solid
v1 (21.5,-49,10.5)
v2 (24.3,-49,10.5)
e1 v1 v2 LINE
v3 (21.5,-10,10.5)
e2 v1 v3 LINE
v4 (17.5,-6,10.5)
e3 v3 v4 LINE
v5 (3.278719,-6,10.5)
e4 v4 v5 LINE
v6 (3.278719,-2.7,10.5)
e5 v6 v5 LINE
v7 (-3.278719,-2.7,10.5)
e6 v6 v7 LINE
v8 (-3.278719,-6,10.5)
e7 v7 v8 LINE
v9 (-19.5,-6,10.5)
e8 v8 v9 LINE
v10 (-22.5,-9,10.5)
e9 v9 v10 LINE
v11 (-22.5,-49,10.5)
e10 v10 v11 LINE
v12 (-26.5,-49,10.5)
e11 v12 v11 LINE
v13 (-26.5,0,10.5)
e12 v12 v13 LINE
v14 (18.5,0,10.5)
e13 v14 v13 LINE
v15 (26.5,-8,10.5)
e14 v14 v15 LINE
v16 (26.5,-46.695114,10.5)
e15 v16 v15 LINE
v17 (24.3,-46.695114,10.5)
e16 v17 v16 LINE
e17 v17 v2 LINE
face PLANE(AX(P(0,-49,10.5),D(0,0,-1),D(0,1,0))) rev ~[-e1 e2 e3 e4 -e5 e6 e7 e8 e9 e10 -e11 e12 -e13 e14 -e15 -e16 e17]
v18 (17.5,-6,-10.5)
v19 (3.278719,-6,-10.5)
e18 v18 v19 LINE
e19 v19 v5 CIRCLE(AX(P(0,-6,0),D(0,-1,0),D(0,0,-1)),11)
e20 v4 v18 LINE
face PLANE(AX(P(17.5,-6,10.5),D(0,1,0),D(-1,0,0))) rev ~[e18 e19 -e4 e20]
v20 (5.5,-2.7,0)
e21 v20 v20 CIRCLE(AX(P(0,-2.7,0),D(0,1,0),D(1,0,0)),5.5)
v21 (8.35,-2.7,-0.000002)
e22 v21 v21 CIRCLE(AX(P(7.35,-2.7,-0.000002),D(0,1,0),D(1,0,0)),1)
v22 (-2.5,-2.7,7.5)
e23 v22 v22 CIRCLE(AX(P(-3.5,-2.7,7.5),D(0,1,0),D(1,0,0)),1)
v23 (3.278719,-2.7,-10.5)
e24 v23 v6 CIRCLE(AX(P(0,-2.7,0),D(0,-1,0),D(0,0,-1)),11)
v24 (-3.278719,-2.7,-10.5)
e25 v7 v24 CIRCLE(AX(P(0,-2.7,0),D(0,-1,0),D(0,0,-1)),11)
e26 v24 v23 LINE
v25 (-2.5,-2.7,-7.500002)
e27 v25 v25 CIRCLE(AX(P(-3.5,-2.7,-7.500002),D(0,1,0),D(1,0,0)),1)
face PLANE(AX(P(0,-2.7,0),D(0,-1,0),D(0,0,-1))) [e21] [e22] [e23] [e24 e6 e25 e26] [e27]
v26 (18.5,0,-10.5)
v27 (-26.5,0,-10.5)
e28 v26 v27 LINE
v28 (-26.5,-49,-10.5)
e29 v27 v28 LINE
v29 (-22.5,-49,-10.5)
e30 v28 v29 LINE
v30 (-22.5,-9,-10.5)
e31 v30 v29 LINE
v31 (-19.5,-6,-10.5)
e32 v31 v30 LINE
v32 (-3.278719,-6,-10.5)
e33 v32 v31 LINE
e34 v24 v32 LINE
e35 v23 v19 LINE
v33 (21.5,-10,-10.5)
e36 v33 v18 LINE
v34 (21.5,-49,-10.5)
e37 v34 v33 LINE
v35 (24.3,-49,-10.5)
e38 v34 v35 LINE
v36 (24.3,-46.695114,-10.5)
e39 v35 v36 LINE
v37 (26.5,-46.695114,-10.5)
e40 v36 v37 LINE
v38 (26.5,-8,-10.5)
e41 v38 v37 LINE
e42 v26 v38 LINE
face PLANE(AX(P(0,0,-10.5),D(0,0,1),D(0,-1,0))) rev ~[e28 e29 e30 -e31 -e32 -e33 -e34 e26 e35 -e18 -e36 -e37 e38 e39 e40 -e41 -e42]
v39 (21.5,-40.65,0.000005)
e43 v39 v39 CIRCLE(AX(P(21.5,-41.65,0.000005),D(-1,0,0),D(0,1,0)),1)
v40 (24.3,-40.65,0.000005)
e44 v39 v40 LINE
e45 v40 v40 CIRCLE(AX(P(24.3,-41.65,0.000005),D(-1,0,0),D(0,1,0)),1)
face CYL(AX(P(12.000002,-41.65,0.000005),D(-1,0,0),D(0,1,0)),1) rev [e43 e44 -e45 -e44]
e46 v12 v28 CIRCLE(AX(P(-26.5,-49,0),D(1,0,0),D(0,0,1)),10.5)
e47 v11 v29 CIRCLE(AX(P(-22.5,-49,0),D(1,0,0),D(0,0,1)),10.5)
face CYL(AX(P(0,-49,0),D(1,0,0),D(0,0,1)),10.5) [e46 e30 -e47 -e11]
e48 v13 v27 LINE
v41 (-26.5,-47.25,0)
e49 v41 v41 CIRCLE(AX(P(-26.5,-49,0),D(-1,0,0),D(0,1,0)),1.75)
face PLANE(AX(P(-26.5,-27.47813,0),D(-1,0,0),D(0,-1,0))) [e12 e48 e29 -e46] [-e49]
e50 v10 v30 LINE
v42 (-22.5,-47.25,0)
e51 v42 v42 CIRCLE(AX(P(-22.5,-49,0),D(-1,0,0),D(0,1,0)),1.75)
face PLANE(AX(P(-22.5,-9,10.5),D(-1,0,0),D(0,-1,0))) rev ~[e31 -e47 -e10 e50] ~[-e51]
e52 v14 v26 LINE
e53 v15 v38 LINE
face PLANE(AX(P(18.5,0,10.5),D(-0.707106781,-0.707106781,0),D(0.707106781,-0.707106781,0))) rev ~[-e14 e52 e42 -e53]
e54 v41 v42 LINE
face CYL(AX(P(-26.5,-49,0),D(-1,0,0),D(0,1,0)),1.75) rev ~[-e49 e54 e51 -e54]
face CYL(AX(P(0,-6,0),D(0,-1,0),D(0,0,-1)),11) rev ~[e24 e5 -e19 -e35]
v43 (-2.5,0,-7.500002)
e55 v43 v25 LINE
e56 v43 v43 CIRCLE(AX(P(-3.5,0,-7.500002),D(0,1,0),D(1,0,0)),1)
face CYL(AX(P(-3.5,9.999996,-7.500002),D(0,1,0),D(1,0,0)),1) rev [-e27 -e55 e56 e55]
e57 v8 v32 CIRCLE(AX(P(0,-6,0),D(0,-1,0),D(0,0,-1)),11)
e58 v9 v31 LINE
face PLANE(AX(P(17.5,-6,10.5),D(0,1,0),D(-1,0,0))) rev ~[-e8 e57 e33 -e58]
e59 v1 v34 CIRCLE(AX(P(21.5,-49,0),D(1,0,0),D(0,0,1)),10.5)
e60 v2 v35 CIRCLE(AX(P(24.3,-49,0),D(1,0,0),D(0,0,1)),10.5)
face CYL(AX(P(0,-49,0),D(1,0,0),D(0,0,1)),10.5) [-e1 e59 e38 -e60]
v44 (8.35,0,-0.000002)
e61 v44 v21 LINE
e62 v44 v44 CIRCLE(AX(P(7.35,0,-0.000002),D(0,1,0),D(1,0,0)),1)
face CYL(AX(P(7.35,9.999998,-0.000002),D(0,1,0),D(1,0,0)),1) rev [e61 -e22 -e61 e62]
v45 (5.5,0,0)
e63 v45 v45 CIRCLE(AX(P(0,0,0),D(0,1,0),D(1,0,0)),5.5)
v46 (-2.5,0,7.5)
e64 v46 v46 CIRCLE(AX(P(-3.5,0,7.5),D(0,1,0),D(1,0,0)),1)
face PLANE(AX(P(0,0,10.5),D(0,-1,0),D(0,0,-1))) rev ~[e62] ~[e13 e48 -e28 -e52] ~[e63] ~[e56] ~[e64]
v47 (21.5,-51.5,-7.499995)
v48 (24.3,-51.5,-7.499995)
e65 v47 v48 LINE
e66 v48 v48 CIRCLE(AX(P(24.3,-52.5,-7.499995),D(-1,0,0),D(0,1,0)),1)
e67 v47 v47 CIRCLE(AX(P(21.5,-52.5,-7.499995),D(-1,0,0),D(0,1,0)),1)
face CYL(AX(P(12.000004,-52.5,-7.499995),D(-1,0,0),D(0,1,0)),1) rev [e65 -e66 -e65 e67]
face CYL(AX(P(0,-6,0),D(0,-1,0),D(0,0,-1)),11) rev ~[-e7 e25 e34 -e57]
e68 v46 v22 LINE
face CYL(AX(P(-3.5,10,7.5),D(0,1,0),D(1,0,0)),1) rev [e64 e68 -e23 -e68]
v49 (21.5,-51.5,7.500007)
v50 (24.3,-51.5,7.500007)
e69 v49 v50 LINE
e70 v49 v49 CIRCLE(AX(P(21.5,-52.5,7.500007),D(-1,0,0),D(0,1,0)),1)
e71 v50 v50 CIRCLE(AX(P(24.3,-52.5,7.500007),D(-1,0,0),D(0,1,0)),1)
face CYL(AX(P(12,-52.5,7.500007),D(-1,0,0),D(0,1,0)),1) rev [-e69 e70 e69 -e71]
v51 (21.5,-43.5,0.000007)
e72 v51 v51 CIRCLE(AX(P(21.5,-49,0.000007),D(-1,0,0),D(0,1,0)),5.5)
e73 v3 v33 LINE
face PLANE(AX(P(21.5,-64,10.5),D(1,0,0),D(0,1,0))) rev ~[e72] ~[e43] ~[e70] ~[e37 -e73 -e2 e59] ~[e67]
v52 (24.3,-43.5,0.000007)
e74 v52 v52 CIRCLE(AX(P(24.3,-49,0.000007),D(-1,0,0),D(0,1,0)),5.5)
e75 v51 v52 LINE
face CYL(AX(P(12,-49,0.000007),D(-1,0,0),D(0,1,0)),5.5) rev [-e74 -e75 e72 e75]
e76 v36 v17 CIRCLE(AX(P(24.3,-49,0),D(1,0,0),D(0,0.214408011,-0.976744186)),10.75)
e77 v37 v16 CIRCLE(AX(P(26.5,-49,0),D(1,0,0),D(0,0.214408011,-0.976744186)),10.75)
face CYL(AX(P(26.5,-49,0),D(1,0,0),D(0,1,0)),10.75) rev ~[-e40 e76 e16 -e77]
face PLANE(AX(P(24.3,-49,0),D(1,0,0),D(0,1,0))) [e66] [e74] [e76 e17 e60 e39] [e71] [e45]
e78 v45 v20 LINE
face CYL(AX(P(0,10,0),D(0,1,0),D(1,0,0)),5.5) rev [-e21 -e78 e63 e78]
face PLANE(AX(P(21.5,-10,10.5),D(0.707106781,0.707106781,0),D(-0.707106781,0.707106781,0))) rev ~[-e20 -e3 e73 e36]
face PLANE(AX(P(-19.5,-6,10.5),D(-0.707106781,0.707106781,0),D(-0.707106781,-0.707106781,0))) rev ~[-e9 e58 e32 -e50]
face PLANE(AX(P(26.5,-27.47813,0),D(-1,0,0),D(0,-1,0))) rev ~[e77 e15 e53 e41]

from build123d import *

# Parameters (mm, degrees)
CYLINDER055_R            = 1
CYLINDER055_DEPTH        = 20
CYLINDER055_ROLL_ANGLE   = 90
CYLINDER054_R            = 5.5
CYLINDER054_DEPTH        = 20
CYLINDER054_ROLL_ANGLE   = 90
CLONE003_PLACEMENT_ANGLE = 90
PAD001_DEPTH             = 26.5
POCKET_DEPTH             = 21.001
SKETCH003_R              = 10.75
POCKET001_DEPTH          = 2.2
SKETCH004_R              = 1.75
POCKET002_DEPTH          = 4
SKETCH005_R              = 11
POCKET003_DEPTH          = 3.3
POCKET004_DEPTH          = 21.001


with BuildPart() as servo_horn_small_drill_master:
    # Cylinder055 → Cylinder055 (new body)
    with BuildSketch(Plane.XY):
        Circle(CYLINDER055_R)
    extrude(amount=CYLINDER055_DEPTH)


with BuildPart() as servo_horn_small_drill_master_1:
    # Cylinder055 roll: moved
    add(servo_horn_small_drill_master.part.rotate(Axis((0, 0, 0), (1, 0, 0)), CYLINDER055_ROLL_ANGLE))


with BuildPart() as servo_horn_small_drill_master_2:
    # Cylinder055 placement: moved
    add(servo_horn_small_drill_master_1.part.moved(Location((-3.5, 10, 7.5))))


with BuildPart() as clone002:
    # Clone002 base: copy of servo-horn-small-drill-master
    add(servo_horn_small_drill_master_2.part)


with BuildPart() as clone002_1:
    # Clone002 placement: moved
    add(clone002.part.moved(Location((0, -4e-06, -15.000002))))


with BuildPart() as servo_shaft_drill:
    # Cylinder054 → Cylinder054 (new body)
    with BuildSketch(Plane.XY):
        Circle(CYLINDER054_R)
    extrude(amount=CYLINDER054_DEPTH)


with BuildPart() as servo_shaft_drill_1:
    # Cylinder054 roll: moved
    add(servo_shaft_drill.part.rotate(Axis((0, 0, 0), (1, 0, 0)), CYLINDER054_ROLL_ANGLE))


with BuildPart() as servo_shaft_drill_2:
    # Cylinder054 placement: moved
    add(servo_shaft_drill_1.part.moved(Location((0, 10, 0))))


with BuildPart() as servo_drills_block1_master:
    # Clone001 base: copy of servo-horn-small-drill-master
    add(servo_horn_small_drill_master_2.part)


with BuildPart() as servo_drills_block1_master_1:
    # Clone001 placement: moved
    add(servo_drills_block1_master.part.moved(Location((10.85, -2e-06, -7.500002))))

    # Fusion041: union Clone002, servo-horn-small-drill-master, servo-shaft-drill
    add(clone002_1.part)
    add(servo_horn_small_drill_master_2.part)
    add(servo_shaft_drill_2.part)


with BuildPart() as clone_of_servo_drills_block1_master:
    # Clone003 base: copy of servo-Drills-block1-master
    add(servo_drills_block1_master_1.part)


with BuildPart() as clone_of_servo_drills_block1_master_1:
    # Clone003 placement: moved
    add(clone_of_servo_drills_block1_master.part.moved(Location((22, -49, 7e-06))).rotate(Axis((22, -49, 7e-06), (0, 0, 1)), CLONE003_PLACEMENT_ANGLE))


with BuildPart() as servo_horn_drills:
    # Fusion042 base: copy of servo-Drills-block1-master
    add(servo_drills_block1_master_1.part)

    # Fusion042: union Clone of servo-Drills-block1-master
    add(clone_of_servo_drills_block1_master_1.part)


with BuildPart() as leg:
    # Sketch001 → Pad001 (new body, symmetric)
    with BuildSketch(Plane.YZ):
        with BuildLine():
            Line((-49, 10.5), (0, 10.5))
            Line((0, 10.5), (0, -10.5))
            Line((0, -10.5), (-49, -10.5))
            ThreePointArc((-49, 10.5), (-59.5, 0), (-49, -10.5))
        make_face()
    extrude(amount=PAD001_DEPTH, both=True)

    # Sketch002 → Pocket (cut, through all)
    with BuildSketch(Plane(origin=(0, 0, 10.5), x_dir=(0, -1, 0), z_dir=(0, 0, 1))):
        Polygon((64, 21.5), (10, 21.5), (6, 17.5), (6, -19.5), (9, -22.5), (64, -22.5), align=None)
    extrude(amount=-POCKET_DEPTH, mode=Mode.SUBTRACT)

    # Sketch003 → Pocket001 (cut)
    with BuildSketch(Plane.YZ.offset(26.5)):
        with Locations((-49, 0)):
            Circle(SKETCH003_R)
    extrude(amount=-POCKET001_DEPTH, mode=Mode.SUBTRACT)

    # Sketch004 → Pocket002 (cut)
    with BuildSketch(Plane(origin=(-26.5, 0, 0), x_dir=(0, 1, 0), z_dir=(-1, 0, 0))):
        with Locations((-49, 0)):
            Circle(SKETCH004_R)
    extrude(amount=-POCKET002_DEPTH, mode=Mode.SUBTRACT)

    # Sketch005 → Pocket003 (cut)
    with BuildSketch(Plane(origin=(0, -6, 0), x_dir=(0, 0, -1), z_dir=(0, -1, 0))):
        Circle(SKETCH005_R)
    extrude(amount=-POCKET003_DEPTH, mode=Mode.SUBTRACT)

    # Sketch006 → Pocket004 (cut, through all)
    with BuildSketch(Plane(origin=(0, 0, 10.5), x_dir=(0, -1, 0), z_dir=(0, 0, 1))):
        Polygon((0, 18.5), (8, 26.5), (0, 26.5), align=None)
    extrude(amount=-POCKET004_DEPTH, mode=Mode.SUBTRACT)

    # Cut070: cut Servo-horn-drills
    add(servo_horn_drills.part, mode=Mode.SUBTRACT)


solid = leg.part
